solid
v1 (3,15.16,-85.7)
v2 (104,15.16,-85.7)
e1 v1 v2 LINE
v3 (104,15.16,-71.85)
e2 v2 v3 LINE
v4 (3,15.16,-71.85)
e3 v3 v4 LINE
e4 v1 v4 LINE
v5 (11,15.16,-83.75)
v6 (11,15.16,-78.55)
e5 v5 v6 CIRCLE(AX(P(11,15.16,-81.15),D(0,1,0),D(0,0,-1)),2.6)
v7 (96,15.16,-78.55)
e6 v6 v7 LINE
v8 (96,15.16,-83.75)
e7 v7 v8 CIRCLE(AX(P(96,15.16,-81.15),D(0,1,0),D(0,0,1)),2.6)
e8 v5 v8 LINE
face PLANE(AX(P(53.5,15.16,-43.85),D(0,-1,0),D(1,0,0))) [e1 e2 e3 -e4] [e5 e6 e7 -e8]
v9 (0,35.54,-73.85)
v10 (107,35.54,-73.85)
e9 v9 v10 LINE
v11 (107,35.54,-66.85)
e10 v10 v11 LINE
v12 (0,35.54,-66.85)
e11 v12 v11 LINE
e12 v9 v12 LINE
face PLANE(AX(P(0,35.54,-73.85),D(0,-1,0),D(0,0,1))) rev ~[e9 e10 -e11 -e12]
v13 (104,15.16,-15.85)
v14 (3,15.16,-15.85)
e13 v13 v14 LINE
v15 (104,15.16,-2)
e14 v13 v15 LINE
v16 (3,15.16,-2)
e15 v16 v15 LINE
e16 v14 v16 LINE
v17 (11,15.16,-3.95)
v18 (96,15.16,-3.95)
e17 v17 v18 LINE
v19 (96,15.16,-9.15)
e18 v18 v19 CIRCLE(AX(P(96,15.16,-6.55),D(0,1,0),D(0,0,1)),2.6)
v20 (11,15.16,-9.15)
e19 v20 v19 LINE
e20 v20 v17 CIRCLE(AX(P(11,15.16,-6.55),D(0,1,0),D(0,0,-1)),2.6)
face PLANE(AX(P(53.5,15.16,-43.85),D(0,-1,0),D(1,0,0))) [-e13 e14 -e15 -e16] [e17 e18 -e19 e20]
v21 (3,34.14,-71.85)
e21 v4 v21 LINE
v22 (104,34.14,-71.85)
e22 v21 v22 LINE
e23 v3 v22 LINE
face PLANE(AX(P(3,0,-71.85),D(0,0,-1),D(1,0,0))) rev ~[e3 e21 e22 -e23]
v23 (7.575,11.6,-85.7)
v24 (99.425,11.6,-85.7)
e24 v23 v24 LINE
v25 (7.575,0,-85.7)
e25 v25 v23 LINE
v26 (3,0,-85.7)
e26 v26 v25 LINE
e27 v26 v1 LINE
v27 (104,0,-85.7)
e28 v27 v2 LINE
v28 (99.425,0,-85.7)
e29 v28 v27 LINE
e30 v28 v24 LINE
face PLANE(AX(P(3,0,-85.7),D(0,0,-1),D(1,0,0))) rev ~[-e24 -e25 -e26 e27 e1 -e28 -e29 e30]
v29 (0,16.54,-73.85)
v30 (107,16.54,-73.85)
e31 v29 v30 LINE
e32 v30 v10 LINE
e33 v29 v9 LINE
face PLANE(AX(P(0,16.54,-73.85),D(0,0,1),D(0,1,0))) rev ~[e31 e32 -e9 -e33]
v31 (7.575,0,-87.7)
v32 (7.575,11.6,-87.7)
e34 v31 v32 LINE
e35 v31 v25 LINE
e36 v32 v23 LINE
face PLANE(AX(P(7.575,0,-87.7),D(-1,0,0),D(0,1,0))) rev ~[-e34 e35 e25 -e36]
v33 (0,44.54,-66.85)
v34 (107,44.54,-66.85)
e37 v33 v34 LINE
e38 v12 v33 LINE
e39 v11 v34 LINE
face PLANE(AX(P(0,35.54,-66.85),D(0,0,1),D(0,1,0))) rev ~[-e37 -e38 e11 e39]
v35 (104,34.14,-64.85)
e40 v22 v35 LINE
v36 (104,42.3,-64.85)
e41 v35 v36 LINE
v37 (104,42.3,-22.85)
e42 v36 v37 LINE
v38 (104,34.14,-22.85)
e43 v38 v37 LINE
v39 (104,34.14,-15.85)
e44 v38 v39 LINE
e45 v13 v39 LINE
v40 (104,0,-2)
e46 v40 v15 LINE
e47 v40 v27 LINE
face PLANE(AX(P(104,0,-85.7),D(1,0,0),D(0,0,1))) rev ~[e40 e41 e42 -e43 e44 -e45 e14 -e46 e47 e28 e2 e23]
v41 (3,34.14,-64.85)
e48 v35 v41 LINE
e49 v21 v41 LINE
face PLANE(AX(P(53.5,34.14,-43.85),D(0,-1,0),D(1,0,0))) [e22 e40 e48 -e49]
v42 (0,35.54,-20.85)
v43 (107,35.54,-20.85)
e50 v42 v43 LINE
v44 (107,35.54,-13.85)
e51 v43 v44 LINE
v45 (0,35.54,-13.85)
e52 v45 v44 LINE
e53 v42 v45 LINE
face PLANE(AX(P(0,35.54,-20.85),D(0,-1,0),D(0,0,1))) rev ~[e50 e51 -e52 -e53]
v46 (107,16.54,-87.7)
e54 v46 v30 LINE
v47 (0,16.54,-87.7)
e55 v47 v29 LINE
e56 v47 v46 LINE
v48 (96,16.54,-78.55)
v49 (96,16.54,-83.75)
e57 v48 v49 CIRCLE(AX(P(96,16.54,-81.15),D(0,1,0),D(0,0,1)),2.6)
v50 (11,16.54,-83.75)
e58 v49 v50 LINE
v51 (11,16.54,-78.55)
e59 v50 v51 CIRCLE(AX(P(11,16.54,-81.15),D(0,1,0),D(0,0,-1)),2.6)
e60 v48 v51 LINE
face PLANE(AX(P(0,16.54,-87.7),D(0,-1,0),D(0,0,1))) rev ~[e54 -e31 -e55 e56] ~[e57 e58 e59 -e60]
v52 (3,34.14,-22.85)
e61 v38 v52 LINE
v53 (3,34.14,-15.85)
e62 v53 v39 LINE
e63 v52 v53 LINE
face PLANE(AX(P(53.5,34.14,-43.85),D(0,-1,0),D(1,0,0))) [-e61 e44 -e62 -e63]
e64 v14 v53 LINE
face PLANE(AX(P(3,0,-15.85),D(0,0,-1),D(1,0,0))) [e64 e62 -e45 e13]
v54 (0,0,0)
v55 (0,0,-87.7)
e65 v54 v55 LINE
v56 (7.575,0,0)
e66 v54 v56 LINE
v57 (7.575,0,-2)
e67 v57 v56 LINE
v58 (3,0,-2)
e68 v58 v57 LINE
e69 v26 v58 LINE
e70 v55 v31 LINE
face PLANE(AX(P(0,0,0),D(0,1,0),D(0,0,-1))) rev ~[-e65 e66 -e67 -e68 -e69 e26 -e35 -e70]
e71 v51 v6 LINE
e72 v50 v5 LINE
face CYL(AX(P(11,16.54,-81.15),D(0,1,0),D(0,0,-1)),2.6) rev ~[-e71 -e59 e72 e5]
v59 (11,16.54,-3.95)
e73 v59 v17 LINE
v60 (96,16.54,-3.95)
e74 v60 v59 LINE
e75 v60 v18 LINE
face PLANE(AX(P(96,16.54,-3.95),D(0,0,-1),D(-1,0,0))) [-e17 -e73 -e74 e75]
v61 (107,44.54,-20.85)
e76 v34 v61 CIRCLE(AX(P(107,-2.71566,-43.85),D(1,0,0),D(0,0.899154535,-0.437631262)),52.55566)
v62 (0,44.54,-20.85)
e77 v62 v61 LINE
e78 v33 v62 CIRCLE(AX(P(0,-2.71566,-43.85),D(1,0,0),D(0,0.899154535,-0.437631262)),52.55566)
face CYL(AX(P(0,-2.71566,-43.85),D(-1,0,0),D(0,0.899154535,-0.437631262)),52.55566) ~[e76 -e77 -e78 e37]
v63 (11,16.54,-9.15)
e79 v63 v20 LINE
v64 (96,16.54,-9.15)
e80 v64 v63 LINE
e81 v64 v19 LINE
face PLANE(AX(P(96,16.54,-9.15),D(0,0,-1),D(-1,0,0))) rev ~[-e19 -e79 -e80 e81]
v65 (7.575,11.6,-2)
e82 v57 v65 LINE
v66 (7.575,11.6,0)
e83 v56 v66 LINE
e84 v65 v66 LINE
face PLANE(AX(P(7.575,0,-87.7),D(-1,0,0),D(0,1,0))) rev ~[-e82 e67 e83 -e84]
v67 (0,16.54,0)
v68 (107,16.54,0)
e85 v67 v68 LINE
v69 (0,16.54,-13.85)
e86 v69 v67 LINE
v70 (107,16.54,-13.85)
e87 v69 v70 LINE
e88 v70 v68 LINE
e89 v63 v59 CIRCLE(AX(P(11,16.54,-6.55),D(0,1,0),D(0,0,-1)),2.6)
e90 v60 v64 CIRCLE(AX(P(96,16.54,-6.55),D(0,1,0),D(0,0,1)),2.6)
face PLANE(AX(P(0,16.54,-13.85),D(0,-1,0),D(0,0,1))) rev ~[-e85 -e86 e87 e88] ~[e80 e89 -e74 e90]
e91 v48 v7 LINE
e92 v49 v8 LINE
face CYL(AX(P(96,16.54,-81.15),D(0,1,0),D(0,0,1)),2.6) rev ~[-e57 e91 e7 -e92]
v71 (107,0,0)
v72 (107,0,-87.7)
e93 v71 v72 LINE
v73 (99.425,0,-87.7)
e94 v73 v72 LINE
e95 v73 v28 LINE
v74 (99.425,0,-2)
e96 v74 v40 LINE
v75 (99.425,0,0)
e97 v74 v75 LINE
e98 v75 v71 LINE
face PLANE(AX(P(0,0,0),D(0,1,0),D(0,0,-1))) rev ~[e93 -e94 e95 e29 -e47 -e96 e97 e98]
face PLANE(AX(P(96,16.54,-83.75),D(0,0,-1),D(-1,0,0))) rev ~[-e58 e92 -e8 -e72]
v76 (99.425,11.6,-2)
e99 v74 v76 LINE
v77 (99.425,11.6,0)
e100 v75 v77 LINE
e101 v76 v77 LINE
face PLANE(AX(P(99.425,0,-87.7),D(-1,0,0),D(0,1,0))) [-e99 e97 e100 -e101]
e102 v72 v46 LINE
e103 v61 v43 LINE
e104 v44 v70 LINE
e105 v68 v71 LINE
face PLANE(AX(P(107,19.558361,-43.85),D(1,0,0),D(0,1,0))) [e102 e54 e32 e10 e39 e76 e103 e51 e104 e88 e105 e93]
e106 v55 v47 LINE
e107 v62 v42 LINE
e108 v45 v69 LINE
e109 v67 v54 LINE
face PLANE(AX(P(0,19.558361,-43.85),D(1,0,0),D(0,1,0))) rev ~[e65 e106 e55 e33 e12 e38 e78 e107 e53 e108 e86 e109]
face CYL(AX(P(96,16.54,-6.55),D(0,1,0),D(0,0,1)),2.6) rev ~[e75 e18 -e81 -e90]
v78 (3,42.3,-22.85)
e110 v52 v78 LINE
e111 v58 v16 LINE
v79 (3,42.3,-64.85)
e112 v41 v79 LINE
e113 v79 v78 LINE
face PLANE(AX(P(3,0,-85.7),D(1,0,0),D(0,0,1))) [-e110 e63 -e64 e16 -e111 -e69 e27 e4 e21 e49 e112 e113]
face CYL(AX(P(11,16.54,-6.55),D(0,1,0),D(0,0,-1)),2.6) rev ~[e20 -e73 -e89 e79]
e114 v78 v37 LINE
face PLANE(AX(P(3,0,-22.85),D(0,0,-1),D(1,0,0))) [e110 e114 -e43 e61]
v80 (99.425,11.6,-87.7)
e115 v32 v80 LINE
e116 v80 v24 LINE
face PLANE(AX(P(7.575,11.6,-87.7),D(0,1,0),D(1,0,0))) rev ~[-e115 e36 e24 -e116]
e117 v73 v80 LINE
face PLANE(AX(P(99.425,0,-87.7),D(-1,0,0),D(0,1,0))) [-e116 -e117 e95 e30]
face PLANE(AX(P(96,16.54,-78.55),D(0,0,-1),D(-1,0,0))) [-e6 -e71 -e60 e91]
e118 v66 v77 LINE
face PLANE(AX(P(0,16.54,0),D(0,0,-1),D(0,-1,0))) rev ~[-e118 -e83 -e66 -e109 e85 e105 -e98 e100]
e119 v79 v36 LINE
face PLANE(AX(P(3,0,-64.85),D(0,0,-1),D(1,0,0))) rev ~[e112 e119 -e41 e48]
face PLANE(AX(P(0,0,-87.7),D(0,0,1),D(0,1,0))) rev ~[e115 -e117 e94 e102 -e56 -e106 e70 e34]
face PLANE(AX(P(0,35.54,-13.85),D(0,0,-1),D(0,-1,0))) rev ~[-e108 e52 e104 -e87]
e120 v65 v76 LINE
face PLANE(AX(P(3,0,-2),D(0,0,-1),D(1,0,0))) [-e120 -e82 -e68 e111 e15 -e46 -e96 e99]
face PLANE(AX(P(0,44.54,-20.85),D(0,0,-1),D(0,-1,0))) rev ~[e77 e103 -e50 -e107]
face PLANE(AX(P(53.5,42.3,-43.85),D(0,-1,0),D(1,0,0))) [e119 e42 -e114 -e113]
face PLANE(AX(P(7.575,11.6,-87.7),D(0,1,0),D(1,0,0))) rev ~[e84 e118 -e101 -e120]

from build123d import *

# Parameters (mm, degrees)
PAD_DEPTH       = 107
SKETCH001_W     = 101
SKETCH001_H     = 42
POCKET_DEPTH    = 42.3
SKETCH002_W     = 101
SKETCH002_H     = 56
POCKET001_DEPTH = 34.14
SKETCH003_W     = 101
SKETCH003_H     = 83.7
POCKET002_DEPTH = 15.16
SKETCH004_W     = 11.6
SKETCH004_H     = 91.85
POCKET003_DEPTH = 87.701
POCKET004_DEPTH = 5


with BuildPart() as part:
    # Sketch → Pad (new body)
    with BuildSketch(Plane.YZ):
        with BuildLine():
            Line((0, 0), (0, -87.7))
            Line((0, -87.7), (16.54, -87.7))
            Line((16.54, -87.7), (16.54, -73.85))
            Line((16.54, -73.85), (35.54, -73.85))
            Line((35.54, -73.85), (35.54, -66.85))
            Line((35.54, -66.85), (44.54, -66.85))
            ThreePointArc((44.54, -66.85), (49.84, -43.85), (44.54, -20.85))
            Line((44.54, -20.85), (35.54, -20.85))
            Line((35.54, -20.85), (35.54, -13.85))
            Line((35.54, -13.85), (16.54, -13.85))
            Line((16.54, -13.85), (16.54, 0))
            Line((16.54, 0), (0, 0))
        make_face()
    extrude(amount=PAD_DEPTH)

    # Sketch001 → Pocket (cut)
    with BuildSketch(Plane.XZ):
        with Locations((53.5, -43.85)):
            Rectangle(SKETCH001_W, SKETCH001_H)
    extrude(amount=-POCKET_DEPTH, mode=Mode.SUBTRACT)

    # Sketch002 → Pocket001 (cut)
    with BuildSketch(Plane.XZ):
        with Locations((53.5, -43.85)):
            Rectangle(SKETCH002_W, SKETCH002_H)
    extrude(amount=-POCKET001_DEPTH, mode=Mode.SUBTRACT)

    # Sketch003 → Pocket002 (cut)
    with BuildSketch(Plane.XZ):
        with Locations((53.5, -43.85)):
            Rectangle(SKETCH003_W, SKETCH003_H)
    extrude(amount=-POCKET002_DEPTH, mode=Mode.SUBTRACT)

    # Sketch004 (on Face5 of Pocket002) → Pocket003 (cut, through all)
    with BuildSketch(Plane.YX.offset(87.7)):
        with Locations((5.8, 53.5)):
            Rectangle(SKETCH004_W, SKETCH004_H)
    extrude(amount=-POCKET003_DEPTH, mode=Mode.SUBTRACT)

    # Sketch005 (on Face10 of Pocket003) → Pocket004 (cut)
    with BuildSketch(Plane.ZX.offset(16.54)):
        with BuildLine():
            ThreePointArc((-78.55, 96), (-81.15, 98.6), (-83.75, 96))
            Line((-83.75, 96), (-83.75, 11))
            ThreePointArc((-83.75, 11), (-81.15, 8.4), (-78.55, 11))
            Line((-78.55, 96), (-78.55, 11))
        make_face()
        with BuildLine():
            ThreePointArc((-3.95, 96), (-6.55, 98.6), (-9.15, 96))
            Line((-9.15, 96), (-9.15, 11))
            ThreePointArc((-9.15, 11), (-6.55, 8.4), (-3.95, 11))
            Line((-3.95, 96), (-3.95, 11))
        make_face()
    extrude(amount=-POCKET004_DEPTH, mode=Mode.SUBTRACT)


solid = part.part
